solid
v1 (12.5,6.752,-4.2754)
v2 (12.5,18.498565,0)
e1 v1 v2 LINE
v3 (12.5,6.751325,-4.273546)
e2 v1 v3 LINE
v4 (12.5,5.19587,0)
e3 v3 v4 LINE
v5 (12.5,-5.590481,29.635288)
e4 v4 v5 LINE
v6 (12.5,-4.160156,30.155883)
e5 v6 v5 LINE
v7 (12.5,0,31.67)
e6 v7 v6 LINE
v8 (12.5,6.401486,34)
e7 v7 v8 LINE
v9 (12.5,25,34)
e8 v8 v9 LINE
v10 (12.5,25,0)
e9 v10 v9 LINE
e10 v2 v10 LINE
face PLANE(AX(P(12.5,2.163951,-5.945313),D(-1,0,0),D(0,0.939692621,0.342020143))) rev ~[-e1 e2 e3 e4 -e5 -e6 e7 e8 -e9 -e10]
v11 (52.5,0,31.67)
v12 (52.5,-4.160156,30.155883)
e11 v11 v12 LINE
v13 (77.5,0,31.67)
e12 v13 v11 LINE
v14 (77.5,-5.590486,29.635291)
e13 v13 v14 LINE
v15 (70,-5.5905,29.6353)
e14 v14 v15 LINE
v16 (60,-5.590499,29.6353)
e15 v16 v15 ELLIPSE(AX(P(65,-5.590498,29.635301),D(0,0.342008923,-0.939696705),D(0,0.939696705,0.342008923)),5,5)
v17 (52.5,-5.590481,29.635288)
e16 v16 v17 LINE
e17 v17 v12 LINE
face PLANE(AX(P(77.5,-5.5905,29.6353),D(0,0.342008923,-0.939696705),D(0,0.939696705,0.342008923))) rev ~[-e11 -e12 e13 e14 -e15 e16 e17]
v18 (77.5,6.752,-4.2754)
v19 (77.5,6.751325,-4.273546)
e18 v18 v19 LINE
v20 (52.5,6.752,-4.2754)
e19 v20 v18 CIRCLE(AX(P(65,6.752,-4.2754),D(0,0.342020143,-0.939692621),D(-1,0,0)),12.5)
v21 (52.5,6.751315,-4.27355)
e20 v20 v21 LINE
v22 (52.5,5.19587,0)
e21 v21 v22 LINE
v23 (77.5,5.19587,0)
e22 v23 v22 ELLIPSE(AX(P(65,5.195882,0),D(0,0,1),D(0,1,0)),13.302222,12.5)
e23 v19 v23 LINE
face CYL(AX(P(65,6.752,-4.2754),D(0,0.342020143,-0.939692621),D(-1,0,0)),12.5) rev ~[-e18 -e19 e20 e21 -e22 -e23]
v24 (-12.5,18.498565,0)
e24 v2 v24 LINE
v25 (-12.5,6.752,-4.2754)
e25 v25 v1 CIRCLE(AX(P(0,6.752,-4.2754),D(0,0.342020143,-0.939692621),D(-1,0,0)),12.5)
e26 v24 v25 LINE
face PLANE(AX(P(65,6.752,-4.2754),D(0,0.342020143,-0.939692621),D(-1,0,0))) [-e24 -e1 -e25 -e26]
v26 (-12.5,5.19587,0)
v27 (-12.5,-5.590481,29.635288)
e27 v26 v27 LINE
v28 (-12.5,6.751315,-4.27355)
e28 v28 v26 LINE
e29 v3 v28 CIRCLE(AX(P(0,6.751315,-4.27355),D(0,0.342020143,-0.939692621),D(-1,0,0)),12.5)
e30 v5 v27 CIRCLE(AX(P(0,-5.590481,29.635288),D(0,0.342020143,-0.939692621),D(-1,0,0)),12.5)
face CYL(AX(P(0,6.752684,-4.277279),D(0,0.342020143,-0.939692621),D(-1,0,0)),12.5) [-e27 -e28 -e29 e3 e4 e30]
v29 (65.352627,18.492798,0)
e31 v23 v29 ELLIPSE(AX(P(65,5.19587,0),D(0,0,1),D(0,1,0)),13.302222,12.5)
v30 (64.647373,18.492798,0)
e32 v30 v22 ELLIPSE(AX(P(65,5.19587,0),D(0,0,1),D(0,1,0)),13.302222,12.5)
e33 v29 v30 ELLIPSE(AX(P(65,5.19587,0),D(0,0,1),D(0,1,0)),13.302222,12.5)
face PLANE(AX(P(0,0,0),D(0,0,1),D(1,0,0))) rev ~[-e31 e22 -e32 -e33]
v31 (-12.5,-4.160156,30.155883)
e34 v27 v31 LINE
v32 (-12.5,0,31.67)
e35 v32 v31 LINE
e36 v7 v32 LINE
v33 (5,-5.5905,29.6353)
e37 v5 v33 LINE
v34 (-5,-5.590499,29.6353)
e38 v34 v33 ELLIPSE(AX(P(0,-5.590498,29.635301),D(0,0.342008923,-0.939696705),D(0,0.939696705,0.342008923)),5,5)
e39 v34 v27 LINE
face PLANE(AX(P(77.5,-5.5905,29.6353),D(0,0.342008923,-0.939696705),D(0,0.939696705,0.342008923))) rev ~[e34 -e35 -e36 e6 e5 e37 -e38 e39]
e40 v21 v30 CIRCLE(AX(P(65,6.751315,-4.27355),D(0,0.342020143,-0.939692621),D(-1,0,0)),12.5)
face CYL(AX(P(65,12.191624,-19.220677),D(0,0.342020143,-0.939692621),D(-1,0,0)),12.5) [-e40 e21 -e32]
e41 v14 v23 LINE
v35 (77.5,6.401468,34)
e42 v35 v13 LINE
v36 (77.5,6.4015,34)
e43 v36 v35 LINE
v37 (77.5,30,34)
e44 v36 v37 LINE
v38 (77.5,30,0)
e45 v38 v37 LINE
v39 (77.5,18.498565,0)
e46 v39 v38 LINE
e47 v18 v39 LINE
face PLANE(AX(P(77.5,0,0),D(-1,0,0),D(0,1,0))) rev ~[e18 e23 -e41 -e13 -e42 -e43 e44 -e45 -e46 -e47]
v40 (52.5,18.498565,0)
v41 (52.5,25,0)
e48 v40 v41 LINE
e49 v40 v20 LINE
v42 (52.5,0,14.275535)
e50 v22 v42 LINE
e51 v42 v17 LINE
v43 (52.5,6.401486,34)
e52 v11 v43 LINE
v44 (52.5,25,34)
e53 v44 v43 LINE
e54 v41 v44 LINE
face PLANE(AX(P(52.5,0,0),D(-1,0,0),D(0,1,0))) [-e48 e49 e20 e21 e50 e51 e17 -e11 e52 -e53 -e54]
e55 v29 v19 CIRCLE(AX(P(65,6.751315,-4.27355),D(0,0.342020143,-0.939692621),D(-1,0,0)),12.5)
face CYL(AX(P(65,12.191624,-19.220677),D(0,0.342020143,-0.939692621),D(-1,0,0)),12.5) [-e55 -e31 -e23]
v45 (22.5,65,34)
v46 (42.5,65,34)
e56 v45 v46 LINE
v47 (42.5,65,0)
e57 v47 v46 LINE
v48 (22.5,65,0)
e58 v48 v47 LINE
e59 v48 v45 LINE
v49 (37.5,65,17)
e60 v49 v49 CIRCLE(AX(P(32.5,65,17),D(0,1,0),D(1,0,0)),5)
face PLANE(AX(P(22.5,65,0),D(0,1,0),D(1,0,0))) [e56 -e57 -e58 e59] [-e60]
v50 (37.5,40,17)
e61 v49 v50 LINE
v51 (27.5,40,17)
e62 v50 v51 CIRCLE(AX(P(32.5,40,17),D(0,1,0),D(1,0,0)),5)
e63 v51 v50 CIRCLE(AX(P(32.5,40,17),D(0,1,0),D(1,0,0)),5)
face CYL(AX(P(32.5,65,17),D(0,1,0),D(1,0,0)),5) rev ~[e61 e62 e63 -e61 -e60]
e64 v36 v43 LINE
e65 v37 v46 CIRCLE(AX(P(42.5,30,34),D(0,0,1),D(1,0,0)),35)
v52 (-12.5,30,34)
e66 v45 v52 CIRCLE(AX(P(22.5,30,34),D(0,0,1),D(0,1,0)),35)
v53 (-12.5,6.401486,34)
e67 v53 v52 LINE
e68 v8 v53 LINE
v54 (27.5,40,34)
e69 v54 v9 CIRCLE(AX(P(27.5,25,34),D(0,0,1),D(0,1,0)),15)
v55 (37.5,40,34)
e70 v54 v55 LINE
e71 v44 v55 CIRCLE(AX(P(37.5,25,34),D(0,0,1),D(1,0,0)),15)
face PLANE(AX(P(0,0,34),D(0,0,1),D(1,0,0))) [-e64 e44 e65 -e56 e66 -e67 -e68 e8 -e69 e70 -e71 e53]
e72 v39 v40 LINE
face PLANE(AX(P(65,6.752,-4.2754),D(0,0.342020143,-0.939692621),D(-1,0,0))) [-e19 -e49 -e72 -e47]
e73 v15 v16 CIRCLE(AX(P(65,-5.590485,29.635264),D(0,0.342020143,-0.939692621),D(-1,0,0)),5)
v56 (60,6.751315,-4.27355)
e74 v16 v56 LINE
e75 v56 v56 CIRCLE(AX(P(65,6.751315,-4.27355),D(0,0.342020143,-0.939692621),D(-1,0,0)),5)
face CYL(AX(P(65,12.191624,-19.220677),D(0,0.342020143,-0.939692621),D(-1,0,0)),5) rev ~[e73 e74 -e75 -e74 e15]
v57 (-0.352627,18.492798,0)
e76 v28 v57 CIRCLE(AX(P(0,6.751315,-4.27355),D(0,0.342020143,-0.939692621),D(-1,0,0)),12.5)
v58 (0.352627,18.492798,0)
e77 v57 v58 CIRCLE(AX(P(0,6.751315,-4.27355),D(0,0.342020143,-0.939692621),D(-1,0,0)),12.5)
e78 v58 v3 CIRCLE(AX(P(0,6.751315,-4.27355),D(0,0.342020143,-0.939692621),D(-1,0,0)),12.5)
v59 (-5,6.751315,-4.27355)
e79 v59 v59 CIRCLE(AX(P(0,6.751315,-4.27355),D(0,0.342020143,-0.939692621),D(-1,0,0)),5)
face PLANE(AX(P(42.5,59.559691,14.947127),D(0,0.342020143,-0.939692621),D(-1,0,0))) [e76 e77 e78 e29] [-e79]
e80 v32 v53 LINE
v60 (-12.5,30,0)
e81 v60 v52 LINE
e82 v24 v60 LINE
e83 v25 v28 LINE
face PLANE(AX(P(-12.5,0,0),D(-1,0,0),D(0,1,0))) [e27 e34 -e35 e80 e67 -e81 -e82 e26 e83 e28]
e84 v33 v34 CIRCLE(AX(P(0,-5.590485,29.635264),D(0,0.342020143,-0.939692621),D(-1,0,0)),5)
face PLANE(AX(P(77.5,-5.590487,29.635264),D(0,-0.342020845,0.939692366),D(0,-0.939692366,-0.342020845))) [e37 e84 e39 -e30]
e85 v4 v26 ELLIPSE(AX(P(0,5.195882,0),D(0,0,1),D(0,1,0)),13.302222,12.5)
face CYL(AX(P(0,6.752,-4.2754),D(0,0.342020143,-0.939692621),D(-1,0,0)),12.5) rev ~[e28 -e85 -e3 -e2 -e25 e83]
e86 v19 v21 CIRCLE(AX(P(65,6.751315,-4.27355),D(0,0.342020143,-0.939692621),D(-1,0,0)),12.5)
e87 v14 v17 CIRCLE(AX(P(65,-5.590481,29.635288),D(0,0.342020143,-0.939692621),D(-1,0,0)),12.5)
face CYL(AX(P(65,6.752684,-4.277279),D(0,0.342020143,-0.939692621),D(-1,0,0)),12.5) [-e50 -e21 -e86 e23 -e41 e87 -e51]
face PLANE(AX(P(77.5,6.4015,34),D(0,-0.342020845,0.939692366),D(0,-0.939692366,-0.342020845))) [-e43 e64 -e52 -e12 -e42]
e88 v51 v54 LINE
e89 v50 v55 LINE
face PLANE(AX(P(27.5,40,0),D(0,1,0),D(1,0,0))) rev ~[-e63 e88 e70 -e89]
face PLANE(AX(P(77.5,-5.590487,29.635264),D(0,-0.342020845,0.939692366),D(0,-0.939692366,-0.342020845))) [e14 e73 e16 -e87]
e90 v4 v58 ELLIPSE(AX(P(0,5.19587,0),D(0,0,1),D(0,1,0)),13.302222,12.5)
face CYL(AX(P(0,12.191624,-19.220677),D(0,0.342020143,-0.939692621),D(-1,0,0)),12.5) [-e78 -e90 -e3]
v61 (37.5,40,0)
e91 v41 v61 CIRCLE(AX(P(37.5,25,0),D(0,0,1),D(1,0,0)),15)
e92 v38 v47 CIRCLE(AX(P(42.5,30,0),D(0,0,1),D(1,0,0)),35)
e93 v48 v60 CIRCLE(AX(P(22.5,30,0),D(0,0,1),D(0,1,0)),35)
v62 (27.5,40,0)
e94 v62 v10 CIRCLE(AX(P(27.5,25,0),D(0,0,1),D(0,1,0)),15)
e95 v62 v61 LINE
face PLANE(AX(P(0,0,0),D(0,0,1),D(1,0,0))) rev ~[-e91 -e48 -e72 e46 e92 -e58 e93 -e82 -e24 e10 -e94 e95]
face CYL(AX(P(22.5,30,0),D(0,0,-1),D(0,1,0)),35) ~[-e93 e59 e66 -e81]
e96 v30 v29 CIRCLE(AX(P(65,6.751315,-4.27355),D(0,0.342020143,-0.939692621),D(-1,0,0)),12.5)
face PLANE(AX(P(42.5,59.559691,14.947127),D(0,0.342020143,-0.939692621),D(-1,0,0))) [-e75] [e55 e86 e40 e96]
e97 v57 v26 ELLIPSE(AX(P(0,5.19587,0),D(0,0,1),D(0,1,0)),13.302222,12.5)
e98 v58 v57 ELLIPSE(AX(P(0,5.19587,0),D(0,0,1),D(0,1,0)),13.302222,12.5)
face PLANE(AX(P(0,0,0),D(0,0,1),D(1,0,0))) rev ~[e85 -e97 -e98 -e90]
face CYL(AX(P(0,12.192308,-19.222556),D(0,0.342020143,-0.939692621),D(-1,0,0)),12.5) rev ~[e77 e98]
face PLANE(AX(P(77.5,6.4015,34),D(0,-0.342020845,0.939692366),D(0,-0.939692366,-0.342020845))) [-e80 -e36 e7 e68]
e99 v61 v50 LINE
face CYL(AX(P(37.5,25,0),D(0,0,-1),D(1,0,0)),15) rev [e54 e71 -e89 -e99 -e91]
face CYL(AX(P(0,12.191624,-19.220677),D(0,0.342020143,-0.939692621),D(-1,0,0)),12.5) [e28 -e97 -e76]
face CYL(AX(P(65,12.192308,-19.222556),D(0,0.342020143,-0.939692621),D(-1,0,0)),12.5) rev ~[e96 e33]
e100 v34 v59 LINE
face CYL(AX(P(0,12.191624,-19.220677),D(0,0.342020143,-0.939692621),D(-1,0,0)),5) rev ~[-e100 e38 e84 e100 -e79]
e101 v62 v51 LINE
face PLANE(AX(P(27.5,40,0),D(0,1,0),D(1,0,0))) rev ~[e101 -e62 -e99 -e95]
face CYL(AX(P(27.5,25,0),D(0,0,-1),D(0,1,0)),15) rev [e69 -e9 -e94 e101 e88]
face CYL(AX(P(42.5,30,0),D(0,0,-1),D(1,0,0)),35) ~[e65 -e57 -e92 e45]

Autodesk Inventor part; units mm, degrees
ref_plane "YZ Plane" through (0, 0, 0) normal (1, 0, 0) x (0, 1, 0)
ref_plane "XZ Plane" through (0, 0, 0) normal (0, 1, 0) x (-1, 0, 0)
sketch "Sketch1" plane through (0, 0, 0) normal (0, 0, 1) x (1, 0, 0)
  circle A0 centre (0, 0) radius 5
  circle A1 centre (65, 0) radius 5
  circle A2 centre (0, 0) radius 12.5
  circle A3 centre (65, 0) radius 12.5
  line L0 (22.5, 9.5) -> (42.5, 9.5)
  line L1 (42.5, 9.5) -> (42.5, -10.5)
  line L2 (42.5, -10.5) -> (22.5, -10.5)
  line L3 (22.5, -10.5) -> (22.5, 9.5)
  line L4 (0, 0) -> (65, 0) construction
  line L5 (32.5, 0) -> (32.5, 40) construction
  line L6 (27.5, 40) -> (37.5, 40)
  line L7 (12.5, 0) -> (12.5, 25)
  line L8 (52.5, 0) -> (52.5, 25)
  arc A4 (27.5, 40) -> (12.5, 25) centre (27.5, 25) ccw
  arc A5 (52.5, 25) -> (37.5, 40) centre (37.5, 25) ccw
  line L9 (-12.5, 0) -> (-12.5, 30)
  line L10 (77.5, 0) -> (77.5, 30)
  line L11 (22.5, 65) -> (42.5, 65)
  arc A6 (22.5, 65) -> (-12.5, 30) centre (22.5, 30) ccw
  arc A7 (77.5, 30) -> (42.5, 65) centre (42.5, 30) ccw
  point P0 (22.5, 40)
  point P1 (42.5, 40)
  dimension "d0" = 10
  dimension "d1" = 10
  dimension "d2" = 65
  dimension "d3" = 25
  dimension "d4" = 25
  dimension "d5" = 22.5
  dimension "d6" = 22.5
  dimension "d7" = 9.5
  dimension "d8" = 10.5
  dimension "d11" = 20
  dimension "d12" = 10
  dimension "d13" = 40
  dimension "d14" = 15
  dimension "d15" = 65
  dimension "d16" = 35
extrude "Extrusion1" add sketch "Sketch1" along normal blind 34 contours A0 | A1 | A2 | A2 L9 A6 L11 A7 L10 A3 L8 A5 L6 A4 L7 | A3
ref_plane "Work Plane4" through (42.5, 65, 0) normal (0, 0.342, -0.9397) x (-1, 0, 0)
sketch "Sketch17" plane through (42.5, 65, 0) normal (0, 0.342, -0.9397) x (-1, 0, 0)
  ellipse E0 centre (42.5, -49.4513) end of major axis (30, -49.4513) minor radius 11.7462 (30, -49.4513) -> (55, -49.4513) ccw projected
  line L0 (30, -49.4513) -> (30, -25.959) projected
  ellipse E1 centre (15, -25.959) end of major axis (30, -25.959) minor radius 14.0954 (30, -25.959) -> (15, -11.8636) ccw projected
  line L1 (15, -11.8636) -> (5, -11.8636) projected
  ellipse E2 centre (5, -25.959) end of major axis (20, -25.959) minor radius 14.0954 (5, -11.8636) -> (-10, -25.959) ccw projected
  line L2 (-10, -25.959) -> (-10, -49.4513) projected
  ellipse E3 centre (-22.5, -49.4513) end of major axis (-35, -49.4513) minor radius 11.7462 (-35, -49.4513) -> (-10, -49.4513) ccw projected
  line L3 (-35, -49.4513) -> (-35, -21.2606) projected
  ellipse E4 centre (0, -21.2606) end of major axis (-35, -21.2606) minor radius 32.8892 (0, 11.6287) -> (-35, -21.2606) ccw projected
  line L4 (0, 11.6287) -> (20, 11.6287) projected
  ellipse E5 centre (20, -21.2606) end of major axis (55, -21.2606) minor radius 32.8892 (55, -21.2606) -> (20, 11.6287) ccw projected
  line L5 (55, -21.2606) -> (55, -49.4513) projected
  circle A0 centre (-22.5, -56.1975) radius 5
  circle A1 centre (42.5, -56.1975) radius 5
  circle A2 centre (-22.5, -56.1975) radius 12.5
  circle A3 centre (42.5, -56.1975) radius 12.5
  point P0 (42.5, -61.08)
  dimension "d83" = 10
  dimension "d84" = 10
  dimension "d85" = 25
  dimension "d86" = 25
extrude "Extrusion21" cut sketch "Sketch17" against normal blind 75.25 contours A1 | A0
extrude "Extrusion22" add sketch "Sketch17" against normal blind 58 contours A3 E0 | E0 A3 | A2 E3 | E3 A2
extrude "Extrusion23" cut sketch "Sketch17" against normal blind 15.9044 contours A3 E0 | E0 A3 | A2 E3 | E3 A2
sketch "Sketch19" plane through (65, 6.752, -4.2754) normal (0, 0.342, -0.9397) x (-1, 0, 0)
  circle A0 centre (0, 0) radius 5 projected
  circle A1 centre (0, 0) radius 12.5 projected
  circle A2 centre (65, 0) radius 5 projected
  circle A3 centre (65, 0) radius 12.5 projected
  line L0 (-12.5, 0) -> (-17.2667, 0)
  line L1 (-17.2667, 0) -> (-17.2667, -28.7026)
  line L2 (-17.2667, -28.7026) -> (21.0012, -28.7026)
  line L3 (21.0012, -28.7026) -> (21.0012, 0)
  line L4 (21.0012, 0) -> (12.5, 0)
  line L5 (52.5, 0) -> (49.0235, 0)
  line L6 (49.0235, 0) -> (49.0235, -27.0388)
  line L7 (49.0235, -27.0388) -> (85.6276, -27.0388)
  line L8 (85.6276, -27.0388) -> (85.6276, 0)
  line L9 (85.6276, 0) -> (77.5, 0)
  circle A4 centre (0, 0) radius 12.5
  circle A5 centre (65, 0) radius 12.5
  line L10 (-12.5, 0) -> (-12.5, 6.7462) projected
  line L11 (-12.5, -4.8825) -> (-12.5, 0) projected
  line L12 (-12.5, -4.8825) -> (-12.5, 0) projected
  line L13 (-12.5, 0) -> (-12.5, 23.3083) projected
  line L14 (-12.5, 23.3083) -> (-12.5, 34.9369) projected
  line L15 (-12.5, 6.7462) -> (-12.5, 34.9369) projected
  line L16 (77.5, 34.9369) -> (77.5, 6.7462) projected
  line L17 (77.5, 23.3083) -> (77.5, 34.9369) projected
  line L18 (77.5, 23.3083) -> (77.5, 0) projected
  line L19 (77.5, 0) -> (77.5, -4.8825) projected
  line L20 (77.5, -4.8825) -> (77.5, 0) projected
  line L21 (77.5, 0) -> (77.5, 6.7462) projected
  circle A6 centre (0, 0) radius 5 projected
  line L22 (12.5, 30.2385) -> (12.5, 6.7462) projected
  line L23 (12.5, 18.6098) -> (12.5, 30.2385) projected
  line L24 (12.5, 18.6098) -> (12.5, 0) projected
  line L25 (12.5, 0) -> (12.5, -4.8825) projected
  line L26 (12.5, -4.8825) -> (12.5, 0) projected
  line L27 (12.5, 0) -> (12.5, 6.7462) projected
  line L28 (52.5, 0) -> (52.5, 6.7462) projected
  line L29 (52.5, -4.8825) -> (52.5, 0) projected
  line L30 (52.5, -4.8825) -> (52.5, 0) projected
  line L31 (52.5, 0) -> (52.5, 18.6098) projected
  line L32 (52.5, 18.6098) -> (52.5, 30.2385) projected
  line L33 (52.5, 6.7462) -> (52.5, 30.2385) projected
  line L34 (-12.5, 0) -> (-12.5, 23.3083) projected
  line L35 (-12.5, 15.1562) -> (-12.5, -17.0681)
  line L36 (-12.5, -17.0681) -> (12.5, -17.0681)
  line L37 (12.5, -17.0681) -> (12.5, 15.1562)
  line L38 (12.5, 18.6098) -> (12.5, 0) projected
  line L39 (12.5, 15.1562) -> (-12.5, 15.1562)
  line L40 (52.5, 0) -> (52.5, 18.6098) projected
  line L41 (52.5, 15.1562) -> (52.5, -18.9753)
  line L42 (52.5, -18.9753) -> (77.5, -18.9753)
  line L43 (77.5, -18.9753) -> (77.5, 15.1562)
  line L44 (77.5, 23.3083) -> (77.5, 0) projected
  line L45 (77.5, 15.1562) -> (52.5, 15.1562)
  point P0 (65, -4.8825)
  point P1 (-12.5, 12.5)
  point P2 (-12.5, 5.9839)
  point P3 (77.5, 5.9839)
  point P4 (77.5, 12.5)
  point P5 (12.5, 5.9839)
  point P6 (12.5, 12.5)
  point P7 (52.5, 12.5)
  point P8 (52.5, 5.9839)
extrude "Extrusion29" add sketch "Sketch19" against normal blind 36.087 contours L25 L37 L36 L35 L11 A1 | A1 L10 L13 L39 L22 L24 | L19 L43 L42 L41 L29 A3 | A3 L28 L31 L45 L16 L18
extrude "Extrusion25" cut sketch "Sketch19" against normal blind 107.25 contours L25 L37 L36 L35 L11 A1 | L4 L3 L2 L1 L0 L11 L35 L36 L37 L25 | L19 L43 L42 L41 L29 A3 | L9 L8 L7 L6 L5 L29 L41 L42 L43 L19
sketch "Sketch20" plane through (22.5, 65, 0) normal (0, 1, 0) x (1, 0, 0)
  line L0 (20, 0) -> (0, 0) projected
  line L1 (0, 0) -> (0, -34) projected
  line L2 (20, -34) -> (0, -34) projected
  line L3 (20, 0) -> (20, -34) projected
  circle A0 centre (10, -17) radius 5
  point P0 (-22.5, 0)
  dimension "d97" = 10
  dimension "d98" = 20
  dimension "d99" = 34
  dimension "d100" = 17
  dimension "d101" = 10
extrude "Extrusion26" cut sketch "Sketch20" against normal blind 107.25 contours A0
sketch "Sketch24" plane through (77.5, 30, 34) normal (1, 0, 0) x (0, 0, -1)
  line L0 (4.3647, -35.5905) -> (38.2754, -23.248) projected
  line L1 (34, -11.5014) -> (38.2754, -23.248) projected
  line L2 (34, -11.5014) -> (34, 0) projected
  line L3 (34, 0) -> (0, 0) projected
  line L4 (0, -21.0502) -> (0, 0) projected
  line L5 (0, -21.0502) -> (-0.819, -21.3483) projected
  line L6 (0, -23.5985) -> (-0.819, -21.3483) projected
  line L7 (0, -30) -> (0, -23.5985) projected
  line L8 (2.33, -30) -> (0, -30) projected
  line L9 (4.3647, -35.5905) -> (2.33, -30) projected
  line L10 (-5.5567, -25.8994) -> (2.9938, -49.3917) projected
  line L11 (4.3647, -35.5905) -> (3.379, -32.8821) projected
  line L12 (0, -33.478) -> (3.379, -32.8821) projected
  line L13 (0, -33.478) -> (0, -33.478) projected
  line L14 (3.379, -32.8821) -> (0, -33.478) projected
  line L15 (3.379, -32.8821) -> (4.3647, -35.5905) projected
  line L16 (38.2754, -23.248) -> (4.3647, -35.5905) projected
  line L17 (38.2754, -23.248) -> (38.2754, -23.248) projected
  line L18 (4.3647, -35.5905) -> (38.2754, -23.248) projected
  line L19 (0, -19.3385) -> (0, -23.5985)
  line L20 (0, -23.5985) -> (9.2627, -49.0475)
  line L21 (2.33, -30) -> (3.379, -32.8821) projected
  line L22 (9.2627, -49.0475) -> (-1.2815, -52.8852)
  line L23 (-1.2815, -52.8852) -> (-12.2937, -22.6295)
  line L24 (0, -19.3385) -> (-12.2937, -22.6295)
  point P0 (34, -30)
extrude "Extrusion31" cut sketch "Sketch24" against normal blind 97.087 contours L20 L22 L23 L24 L4 L5 L6 L7 L8 L9 | L8 L7 L20 | L6 L5 L19
equation "\"d12\" = 0.5 * d11"
equation "\"d15\" = d13 + d3"
equation "\"d100\" = 0.5 * d99"
equation "\"d101\" = 0.5 * d98"
properties part number "MountC"
